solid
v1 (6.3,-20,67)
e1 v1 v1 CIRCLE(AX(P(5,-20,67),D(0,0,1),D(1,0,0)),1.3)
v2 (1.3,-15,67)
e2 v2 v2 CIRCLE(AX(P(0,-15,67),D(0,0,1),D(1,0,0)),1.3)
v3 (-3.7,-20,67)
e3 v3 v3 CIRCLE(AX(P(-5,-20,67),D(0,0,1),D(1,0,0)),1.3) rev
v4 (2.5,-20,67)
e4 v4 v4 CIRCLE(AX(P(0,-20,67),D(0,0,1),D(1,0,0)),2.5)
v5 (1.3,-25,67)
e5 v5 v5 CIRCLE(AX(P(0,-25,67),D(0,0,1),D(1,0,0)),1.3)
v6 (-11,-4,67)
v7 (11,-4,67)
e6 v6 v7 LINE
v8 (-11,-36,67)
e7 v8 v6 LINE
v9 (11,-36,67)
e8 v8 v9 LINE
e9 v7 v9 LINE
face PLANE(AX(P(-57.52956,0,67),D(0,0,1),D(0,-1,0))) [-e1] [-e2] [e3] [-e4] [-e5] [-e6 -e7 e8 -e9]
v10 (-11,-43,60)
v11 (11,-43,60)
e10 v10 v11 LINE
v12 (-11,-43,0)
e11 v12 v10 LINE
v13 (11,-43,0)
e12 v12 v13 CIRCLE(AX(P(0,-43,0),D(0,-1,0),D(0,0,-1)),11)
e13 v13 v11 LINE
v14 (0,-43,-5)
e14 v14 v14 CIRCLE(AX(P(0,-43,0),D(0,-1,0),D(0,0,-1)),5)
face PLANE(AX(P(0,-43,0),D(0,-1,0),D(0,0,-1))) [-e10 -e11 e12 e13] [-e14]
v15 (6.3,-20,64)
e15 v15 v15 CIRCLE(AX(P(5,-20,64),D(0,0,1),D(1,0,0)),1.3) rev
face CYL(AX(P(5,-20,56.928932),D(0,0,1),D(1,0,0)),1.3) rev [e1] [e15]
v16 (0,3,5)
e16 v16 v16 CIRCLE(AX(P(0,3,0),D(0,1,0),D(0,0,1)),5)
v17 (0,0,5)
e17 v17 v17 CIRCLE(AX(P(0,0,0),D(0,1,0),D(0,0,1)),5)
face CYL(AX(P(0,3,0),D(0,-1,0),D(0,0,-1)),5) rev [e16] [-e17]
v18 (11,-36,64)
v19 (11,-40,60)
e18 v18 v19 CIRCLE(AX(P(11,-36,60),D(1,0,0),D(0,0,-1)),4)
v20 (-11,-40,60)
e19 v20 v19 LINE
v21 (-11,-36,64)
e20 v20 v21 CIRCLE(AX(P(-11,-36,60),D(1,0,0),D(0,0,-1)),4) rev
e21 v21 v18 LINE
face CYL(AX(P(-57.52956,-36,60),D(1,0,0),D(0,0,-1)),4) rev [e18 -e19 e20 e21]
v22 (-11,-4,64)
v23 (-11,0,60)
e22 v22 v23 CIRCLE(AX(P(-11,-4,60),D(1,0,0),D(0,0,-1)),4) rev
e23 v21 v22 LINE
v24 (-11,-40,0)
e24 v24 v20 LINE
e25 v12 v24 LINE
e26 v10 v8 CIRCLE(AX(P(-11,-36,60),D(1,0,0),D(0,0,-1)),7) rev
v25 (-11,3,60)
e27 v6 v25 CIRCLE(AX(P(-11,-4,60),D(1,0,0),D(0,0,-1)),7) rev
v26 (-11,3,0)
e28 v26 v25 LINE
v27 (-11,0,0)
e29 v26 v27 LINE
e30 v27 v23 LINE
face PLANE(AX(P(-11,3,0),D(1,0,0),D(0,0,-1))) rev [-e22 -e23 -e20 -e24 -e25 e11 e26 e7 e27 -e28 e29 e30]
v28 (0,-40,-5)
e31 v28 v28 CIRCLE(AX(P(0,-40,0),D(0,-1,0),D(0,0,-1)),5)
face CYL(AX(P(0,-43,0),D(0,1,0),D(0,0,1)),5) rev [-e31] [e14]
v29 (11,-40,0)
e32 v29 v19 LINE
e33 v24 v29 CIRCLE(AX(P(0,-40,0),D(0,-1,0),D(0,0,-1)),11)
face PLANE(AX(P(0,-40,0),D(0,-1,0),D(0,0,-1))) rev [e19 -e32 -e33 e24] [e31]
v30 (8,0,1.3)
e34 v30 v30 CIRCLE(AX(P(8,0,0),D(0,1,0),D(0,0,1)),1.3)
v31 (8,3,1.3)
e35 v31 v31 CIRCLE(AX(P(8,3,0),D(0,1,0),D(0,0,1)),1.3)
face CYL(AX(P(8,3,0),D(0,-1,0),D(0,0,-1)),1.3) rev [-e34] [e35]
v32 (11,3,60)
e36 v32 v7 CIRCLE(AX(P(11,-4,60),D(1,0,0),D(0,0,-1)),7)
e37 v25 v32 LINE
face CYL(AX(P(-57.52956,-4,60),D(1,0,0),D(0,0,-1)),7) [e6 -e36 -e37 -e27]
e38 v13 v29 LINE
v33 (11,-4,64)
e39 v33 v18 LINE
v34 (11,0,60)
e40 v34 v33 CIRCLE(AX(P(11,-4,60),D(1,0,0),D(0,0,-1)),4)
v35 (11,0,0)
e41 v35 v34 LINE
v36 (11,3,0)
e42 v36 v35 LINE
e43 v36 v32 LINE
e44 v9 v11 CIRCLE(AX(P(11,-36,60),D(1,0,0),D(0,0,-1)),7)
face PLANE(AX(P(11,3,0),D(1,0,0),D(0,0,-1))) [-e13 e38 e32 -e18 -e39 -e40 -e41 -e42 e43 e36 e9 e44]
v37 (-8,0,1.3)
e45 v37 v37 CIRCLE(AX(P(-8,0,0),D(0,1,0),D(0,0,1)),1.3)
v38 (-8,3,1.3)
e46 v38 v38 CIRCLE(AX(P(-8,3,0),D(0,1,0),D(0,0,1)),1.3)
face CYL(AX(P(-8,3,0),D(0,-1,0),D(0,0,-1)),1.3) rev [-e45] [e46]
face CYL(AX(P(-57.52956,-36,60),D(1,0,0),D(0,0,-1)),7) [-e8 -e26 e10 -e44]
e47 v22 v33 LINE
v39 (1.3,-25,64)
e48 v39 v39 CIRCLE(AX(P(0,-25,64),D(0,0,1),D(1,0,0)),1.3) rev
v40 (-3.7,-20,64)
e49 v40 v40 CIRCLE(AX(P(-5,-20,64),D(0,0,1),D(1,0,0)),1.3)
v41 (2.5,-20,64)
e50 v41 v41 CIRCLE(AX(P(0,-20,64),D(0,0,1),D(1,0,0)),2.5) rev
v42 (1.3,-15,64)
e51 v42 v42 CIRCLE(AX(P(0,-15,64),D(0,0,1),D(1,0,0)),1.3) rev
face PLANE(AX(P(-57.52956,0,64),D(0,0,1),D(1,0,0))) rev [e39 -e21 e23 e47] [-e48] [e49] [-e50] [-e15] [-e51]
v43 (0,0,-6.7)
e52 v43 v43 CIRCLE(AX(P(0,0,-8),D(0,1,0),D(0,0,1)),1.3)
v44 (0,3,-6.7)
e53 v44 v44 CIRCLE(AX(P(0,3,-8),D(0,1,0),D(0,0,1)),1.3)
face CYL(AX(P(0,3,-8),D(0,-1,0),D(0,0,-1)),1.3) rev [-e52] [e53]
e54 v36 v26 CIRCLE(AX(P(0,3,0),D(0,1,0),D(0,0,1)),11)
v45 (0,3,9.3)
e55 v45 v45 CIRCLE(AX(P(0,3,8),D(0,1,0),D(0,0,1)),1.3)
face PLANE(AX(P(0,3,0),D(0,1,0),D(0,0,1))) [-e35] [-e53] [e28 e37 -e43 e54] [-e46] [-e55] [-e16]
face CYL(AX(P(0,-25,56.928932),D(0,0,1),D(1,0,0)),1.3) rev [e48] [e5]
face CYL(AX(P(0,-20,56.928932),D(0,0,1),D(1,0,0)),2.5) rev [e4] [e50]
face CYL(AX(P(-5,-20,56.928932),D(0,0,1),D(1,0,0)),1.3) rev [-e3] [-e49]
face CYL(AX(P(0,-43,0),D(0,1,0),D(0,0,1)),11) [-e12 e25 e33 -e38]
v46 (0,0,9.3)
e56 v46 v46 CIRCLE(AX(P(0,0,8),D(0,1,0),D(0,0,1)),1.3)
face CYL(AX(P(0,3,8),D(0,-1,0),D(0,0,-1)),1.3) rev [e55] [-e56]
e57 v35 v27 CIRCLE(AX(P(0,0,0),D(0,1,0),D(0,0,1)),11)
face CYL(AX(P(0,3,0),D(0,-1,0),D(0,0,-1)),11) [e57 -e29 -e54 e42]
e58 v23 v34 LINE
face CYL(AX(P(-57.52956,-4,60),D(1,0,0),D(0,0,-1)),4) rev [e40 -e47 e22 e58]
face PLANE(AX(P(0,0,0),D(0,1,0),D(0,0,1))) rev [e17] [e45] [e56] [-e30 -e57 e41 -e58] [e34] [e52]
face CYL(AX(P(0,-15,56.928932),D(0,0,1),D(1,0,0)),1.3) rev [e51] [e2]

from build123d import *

# Parameters (mm, degrees)
SKETCH1_R           = 1.3
BOSS_EXTRUDE1_DEPTH = 3
SKETCH2_W           = 3
SKETCH2_H           = 32
BOSS_EXTRUDE2_DEPTH = 22
BOSS_EXTRUDE3_START = 3
BOSS_EXTRUDE3_DEPTH = 3
SKETCH7_R           = 2.5
SKETCH7_R_2         = 1.3
CUT_EXTRUDE1_DEPTH  = 3


with BuildPart() as part:
    # Sketch1 → Boss-Extrude1 (new body)
    # profile 1 of 3: a face of its own
    with BuildSketch(Plane(origin=(0, 0, 0), x_dir=(1, 0, 0), z_dir=(0, 1, 0))):
        with BuildLine():
            Line((11, -60), (11, 0))
            ThreePointArc((11, 0), (0, -11), (-11, 0))
            Line((-11, 0), (-11, -60))
            Line((-11, -60), (11, -60))
        make_face()
    # profile 2 of 3: a face of its own
    with BuildSketch(Plane(origin=(0, 0, 0), x_dir=(1, 0, 0), z_dir=(0, 1, 0))):
        with BuildLine():
            Line((11, 0), (9.3, 0))
            ThreePointArc((9.3, 0), (8, -1.3), (6.7, 0))
            Line((6.7, 0), (5, 0))
            ThreePointArc((5, 0), (0, -5), (-5, 0))
            Line((-5, 0), (-6.7, 0))
            ThreePointArc((-6.7, 0), (-8, -1.3), (-9.3, 0))
            Line((-9.3, 0), (-11, 0))
            ThreePointArc((-11, 0), (0, -11), (11, 0))
        make_face()
        with Locations(Location((0, -8, 0), (0, 0, 270))):
            Circle(SKETCH1_R, mode=Mode.SUBTRACT)
    # profile 3 of 3: a face of its own
    with BuildSketch(Plane(origin=(0, 0, 0), x_dir=(1, 0, 0), z_dir=(0, 1, 0))):
        with BuildLine():
            ThreePointArc((6.7, 0), (8, 1.3), (9.3, 0))
            Line((9.3, 0), (11, 0))
            ThreePointArc((11, 0), (0, 11), (-11, 0))
            Line((-11, 0), (-9.3, 0))
            ThreePointArc((-9.3, 0), (-8, 1.3), (-6.7, 0))
            Line((-6.7, 0), (-5, 0))
            ThreePointArc((-5, 0), (0, 5), (5, 0))
            Line((5, 0), (6.7, 0))
        make_face()
        with Locations(Location((0, 8, 0), (0, 0, 270))):
            Circle(SKETCH1_R, mode=Mode.SUBTRACT)
    extrude(amount=BOSS_EXTRUDE1_DEPTH)

    # Sketch2 → Boss-Extrude2 (add)
    with BuildSketch(Plane(origin=(11, 0, 0), x_dir=(0, 0, -1), z_dir=(1, 0, 0))):
        with Locations((-65.5, -20)):
            Rectangle(SKETCH2_W, SKETCH2_H)
        with BuildLine():
            ThreePointArc((-60, 3), (-64.949747468, 0.949747468), (-67, -4))
            Line((-67, -4), (-64, -4))
            ThreePointArc((-64, -4), (-62.828427125, -1.171572875), (-60, 0))
            Line((-60, 0), (-60, 3))
        make_face()
        with BuildLine():
            ThreePointArc((-64, -36), (-62.828427125, -38.828427125), (-60, -40))
            Line((-60, -40), (-60, -43))
            ThreePointArc((-60, -43), (-64.949747468, -40.949747468), (-67, -36))
            Line((-67, -36), (-64, -36))
        make_face()
    extrude(amount=-BOSS_EXTRUDE2_DEPTH)

    # Sketch6 → Boss-Extrude3 (add)
    with BuildSketch(Plane(origin=(0, -40, 0), x_dir=(-1, 0, 0), z_dir=(0, -1, 0)).offset(BOSS_EXTRUDE3_START)):
        with BuildLine():
            Line((11, -60), (11, 0))
            ThreePointArc((11, 0), (0, -11), (-11, 0))
            Line((-11, 0), (-11, -60))
            Line((-11, -60), (11, -60))
        make_face()
        with BuildLine():
            ThreePointArc((-5, 0), (0, 5), (5, 0))
            Line((5, 0), (11, 0))
            ThreePointArc((11, 0), (0, 11), (-11, 0))
            Line((-11, 0), (-5, 0))
        make_face()
        with BuildLine():
            Line((11, 0), (5, 0))
            ThreePointArc((5, 0), (0, -5), (-5, 0))
            Line((-5, 0), (-11, 0))
            ThreePointArc((-11, 0), (0, -11), (11, 0))
        make_face()
    extrude(amount=-BOSS_EXTRUDE3_DEPTH)

    # Sketch7 → Cut-Extrude1 (cut)
    with BuildSketch(Plane.XY.offset(67)):
        with Locations((0, -20)):
            Circle(SKETCH7_R)
        with Locations((5, -20)):
            Circle(SKETCH7_R_2)
        with Locations((-5, -20)):
            Circle(SKETCH7_R_2)
        with Locations((0, -25)):
            Circle(SKETCH7_R_2)
        with Locations((0, -15)):
            Circle(SKETCH7_R_2)
    extrude(amount=-CUT_EXTRUDE1_DEPTH, mode=Mode.SUBTRACT)


solid = part.part
